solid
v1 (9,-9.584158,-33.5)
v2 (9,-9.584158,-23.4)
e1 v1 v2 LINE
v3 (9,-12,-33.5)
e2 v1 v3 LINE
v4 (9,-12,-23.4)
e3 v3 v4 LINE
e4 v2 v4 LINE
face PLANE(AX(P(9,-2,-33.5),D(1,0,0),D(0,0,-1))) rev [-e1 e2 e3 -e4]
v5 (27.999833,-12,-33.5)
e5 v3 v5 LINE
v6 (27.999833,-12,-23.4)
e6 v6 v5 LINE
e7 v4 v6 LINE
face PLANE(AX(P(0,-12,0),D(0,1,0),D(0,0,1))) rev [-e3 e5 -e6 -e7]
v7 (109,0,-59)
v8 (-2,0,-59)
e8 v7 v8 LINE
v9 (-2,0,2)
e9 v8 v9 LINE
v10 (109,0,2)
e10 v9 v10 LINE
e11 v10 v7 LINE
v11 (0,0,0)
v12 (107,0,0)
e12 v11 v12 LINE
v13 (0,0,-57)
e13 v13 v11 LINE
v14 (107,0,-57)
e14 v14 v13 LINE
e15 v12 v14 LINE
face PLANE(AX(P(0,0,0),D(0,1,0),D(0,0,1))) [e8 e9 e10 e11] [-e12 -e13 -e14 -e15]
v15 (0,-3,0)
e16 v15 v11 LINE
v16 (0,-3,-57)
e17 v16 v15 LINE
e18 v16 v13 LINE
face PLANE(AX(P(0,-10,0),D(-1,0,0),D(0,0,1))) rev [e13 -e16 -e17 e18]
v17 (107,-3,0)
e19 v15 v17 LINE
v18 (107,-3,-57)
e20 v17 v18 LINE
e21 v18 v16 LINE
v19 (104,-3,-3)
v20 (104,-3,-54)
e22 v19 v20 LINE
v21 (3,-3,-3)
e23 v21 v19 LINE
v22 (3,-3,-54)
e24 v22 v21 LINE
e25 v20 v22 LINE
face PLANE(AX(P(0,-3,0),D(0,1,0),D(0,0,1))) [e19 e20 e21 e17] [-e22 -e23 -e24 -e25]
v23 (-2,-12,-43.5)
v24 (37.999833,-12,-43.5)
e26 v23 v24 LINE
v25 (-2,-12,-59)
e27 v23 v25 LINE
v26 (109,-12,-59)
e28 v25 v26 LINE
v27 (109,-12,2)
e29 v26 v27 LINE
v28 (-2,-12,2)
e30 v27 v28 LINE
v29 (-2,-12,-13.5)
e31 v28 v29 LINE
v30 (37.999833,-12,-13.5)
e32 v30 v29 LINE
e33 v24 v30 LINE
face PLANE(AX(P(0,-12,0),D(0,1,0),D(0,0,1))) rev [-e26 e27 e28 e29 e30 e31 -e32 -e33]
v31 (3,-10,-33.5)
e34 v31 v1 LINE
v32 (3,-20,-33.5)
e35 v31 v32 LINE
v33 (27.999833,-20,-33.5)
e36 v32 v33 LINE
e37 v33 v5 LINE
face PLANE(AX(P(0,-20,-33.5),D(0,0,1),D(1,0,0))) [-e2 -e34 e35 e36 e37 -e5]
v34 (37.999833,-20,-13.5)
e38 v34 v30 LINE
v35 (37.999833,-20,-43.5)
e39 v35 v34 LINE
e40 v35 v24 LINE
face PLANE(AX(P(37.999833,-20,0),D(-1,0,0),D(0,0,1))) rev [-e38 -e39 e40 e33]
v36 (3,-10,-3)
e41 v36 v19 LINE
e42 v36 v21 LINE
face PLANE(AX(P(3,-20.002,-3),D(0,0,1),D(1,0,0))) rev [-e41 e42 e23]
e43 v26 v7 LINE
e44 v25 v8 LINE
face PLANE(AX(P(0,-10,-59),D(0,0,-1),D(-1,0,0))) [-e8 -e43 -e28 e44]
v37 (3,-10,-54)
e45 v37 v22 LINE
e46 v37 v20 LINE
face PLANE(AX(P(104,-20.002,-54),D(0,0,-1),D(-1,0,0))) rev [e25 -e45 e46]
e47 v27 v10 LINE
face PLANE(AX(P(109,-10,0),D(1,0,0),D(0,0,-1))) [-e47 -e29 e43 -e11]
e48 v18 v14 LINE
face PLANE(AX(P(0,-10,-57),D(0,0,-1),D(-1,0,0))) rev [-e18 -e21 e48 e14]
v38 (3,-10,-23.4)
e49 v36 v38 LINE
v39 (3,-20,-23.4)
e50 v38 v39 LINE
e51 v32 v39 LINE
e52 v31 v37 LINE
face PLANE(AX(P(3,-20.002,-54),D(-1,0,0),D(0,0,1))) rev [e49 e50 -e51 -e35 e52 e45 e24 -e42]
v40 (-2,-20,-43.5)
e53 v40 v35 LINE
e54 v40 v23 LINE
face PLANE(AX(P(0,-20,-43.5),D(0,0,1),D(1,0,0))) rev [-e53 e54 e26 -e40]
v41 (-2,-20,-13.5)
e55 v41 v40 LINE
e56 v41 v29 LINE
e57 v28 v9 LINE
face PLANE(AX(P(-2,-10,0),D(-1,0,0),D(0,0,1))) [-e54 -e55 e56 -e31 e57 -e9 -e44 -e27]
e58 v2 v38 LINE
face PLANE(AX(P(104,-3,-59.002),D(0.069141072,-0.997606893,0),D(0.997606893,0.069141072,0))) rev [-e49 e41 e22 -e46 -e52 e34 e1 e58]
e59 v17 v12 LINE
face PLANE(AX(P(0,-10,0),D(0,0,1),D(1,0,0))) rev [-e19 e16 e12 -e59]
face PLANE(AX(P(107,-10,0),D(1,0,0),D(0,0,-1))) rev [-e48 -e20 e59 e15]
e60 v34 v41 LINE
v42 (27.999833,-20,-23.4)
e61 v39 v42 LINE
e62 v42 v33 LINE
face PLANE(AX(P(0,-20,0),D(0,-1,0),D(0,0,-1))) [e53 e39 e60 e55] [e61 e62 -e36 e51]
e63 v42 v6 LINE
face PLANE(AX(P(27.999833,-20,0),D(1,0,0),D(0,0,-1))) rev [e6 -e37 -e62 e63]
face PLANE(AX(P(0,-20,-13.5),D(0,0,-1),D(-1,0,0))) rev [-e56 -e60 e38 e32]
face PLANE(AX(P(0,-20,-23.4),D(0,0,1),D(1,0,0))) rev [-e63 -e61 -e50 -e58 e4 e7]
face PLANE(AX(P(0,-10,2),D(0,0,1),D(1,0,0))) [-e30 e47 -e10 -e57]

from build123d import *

# Parameters (mm, degrees)
SKETCH_1_W          = 111
SKETCH_1_H          = 61
SKETCH_1_W_2        = 107
SKETCH_1_H_2        = 57
EXTRUDE_1_DEPTH     = 10
SKETCH_3_W          = 111
SKETCH_3_H          = 61
EXTRUDE_1_2_DEPTH   = 2
SKETCH_5_W          = 27.999833333
SKETCH_5_H          = 10.1
EXTRUDE_2_DEPTH     = 8
EXTRUDE_3_REACH     = 127.104
SKETCH_6_W          = 107
SKETCH_6_H          = 57
SKETCH_6_W_2        = 101
SKETCH_6_H_2        = 51
EXTRUDE_4_REACH     = 126.165
SKETCH_8_W          = 6
SKETCH_8_H          = 10.1
CUT_EXTRUDE_1_DEPTH = 10
SKETCH_9_W          = 3
SKETCH_9_H          = 10.1
EXTRUDE_7_DEPTH     = 8


with BuildPart() as part:
    # 草圖1 → Extrude 1 (new body)
    with BuildSketch(Plane(origin=(0, 0, 0), x_dir=(1, 0, 0), z_dir=(0, 1, 0))):
        with Locations((53.5, 28.5)):
            Rectangle(SKETCH_1_W, SKETCH_1_H)
        with Locations((53.5, 28.5)):
            Rectangle(SKETCH_1_W_2, SKETCH_1_H_2, mode=Mode.SUBTRACT)
    extrude(amount=-EXTRUDE_1_DEPTH)

    # 草圖3 → Extrude 1 2 (add)
    with BuildSketch(Plane(origin=(0, -10, 0), x_dir=(-1, 0, 0), z_dir=(0, -1, 0))):
        with Locations((-53.5, 28.5)):
            Rectangle(SKETCH_3_W, SKETCH_3_H)
    extrude(amount=EXTRUDE_1_2_DEPTH)

    # 草圖5 → 填料-伸長2 (add)
    with BuildSketch(Plane.XZ.offset(12)):
        Polygon((-2, -23.5), (-2, -33.5), (-2, -43.5), (37.999833333, -43.5), (37.999833333, -13.5), (-2, -13.5), align=None)
        with Locations((13.999916667, -28.45)):
            Rectangle(SKETCH_5_W, SKETCH_5_H, mode=Mode.SUBTRACT)
    extrude(amount=EXTRUDE_2_DEPTH)

    # 草圖6 → 填料-伸長3 (add, up to next)
    with BuildSketch(Plane(origin=(0, -3, 0), x_dir=(1, 0, 0), z_dir=(0, 1, 0)), mode=Mode.PRIVATE) as extrude_3_sk1:
        with Locations((53.5, 28.5)):
            Rectangle(SKETCH_6_W, SKETCH_6_H)
        with Locations((53.5, 28.5)):
            Rectangle(SKETCH_6_W_2, SKETCH_6_H_2, mode=Mode.SUBTRACT)
    extrude_3_tool1 = extrude(extrude_3_sk1.sketch, amount=-EXTRUDE_3_REACH, mode=Mode.PRIVATE) - part.part
    add(extrude_3_tool1.solids().sort_by_distance((105.787647, -3, -28.5))[0])

    # 草圖7 → 填料-伸長4 (add, up to next)
    with BuildSketch(Plane(origin=(0, 0, -3), x_dir=(-1, 0, 0), z_dir=(0, 0, -1)), mode=Mode.PRIVATE) as extrude_4_sk1:
        Polygon((-104, -3), (-3, -10), (-104, -10), align=None)
    extrude_4_tool1 = extrude(extrude_4_sk1.sketch, amount=EXTRUDE_4_REACH, mode=Mode.PRIVATE) - part.part
    add(extrude_4_tool1.solids().sort_by_distance((70.333333, -7.666667, -3))[0])

    # 草圖8 → 除料-伸長1 (cut)
    with BuildSketch(Plane.XZ.offset(12)):
        with Locations((6, -28.45)):
            Rectangle(SKETCH_8_W, SKETCH_8_H)
    extrude(amount=-CUT_EXTRUDE_1_DEPTH, mode=Mode.SUBTRACT)

    # 草圖9 → 填料-伸長7 (add)
    with BuildSketch(Plane.XZ.offset(12)):
        with Locations((1.5, -28.45)):
            Rectangle(SKETCH_9_W, SKETCH_9_H)
    extrude(amount=EXTRUDE_7_DEPTH)


solid = part.part
